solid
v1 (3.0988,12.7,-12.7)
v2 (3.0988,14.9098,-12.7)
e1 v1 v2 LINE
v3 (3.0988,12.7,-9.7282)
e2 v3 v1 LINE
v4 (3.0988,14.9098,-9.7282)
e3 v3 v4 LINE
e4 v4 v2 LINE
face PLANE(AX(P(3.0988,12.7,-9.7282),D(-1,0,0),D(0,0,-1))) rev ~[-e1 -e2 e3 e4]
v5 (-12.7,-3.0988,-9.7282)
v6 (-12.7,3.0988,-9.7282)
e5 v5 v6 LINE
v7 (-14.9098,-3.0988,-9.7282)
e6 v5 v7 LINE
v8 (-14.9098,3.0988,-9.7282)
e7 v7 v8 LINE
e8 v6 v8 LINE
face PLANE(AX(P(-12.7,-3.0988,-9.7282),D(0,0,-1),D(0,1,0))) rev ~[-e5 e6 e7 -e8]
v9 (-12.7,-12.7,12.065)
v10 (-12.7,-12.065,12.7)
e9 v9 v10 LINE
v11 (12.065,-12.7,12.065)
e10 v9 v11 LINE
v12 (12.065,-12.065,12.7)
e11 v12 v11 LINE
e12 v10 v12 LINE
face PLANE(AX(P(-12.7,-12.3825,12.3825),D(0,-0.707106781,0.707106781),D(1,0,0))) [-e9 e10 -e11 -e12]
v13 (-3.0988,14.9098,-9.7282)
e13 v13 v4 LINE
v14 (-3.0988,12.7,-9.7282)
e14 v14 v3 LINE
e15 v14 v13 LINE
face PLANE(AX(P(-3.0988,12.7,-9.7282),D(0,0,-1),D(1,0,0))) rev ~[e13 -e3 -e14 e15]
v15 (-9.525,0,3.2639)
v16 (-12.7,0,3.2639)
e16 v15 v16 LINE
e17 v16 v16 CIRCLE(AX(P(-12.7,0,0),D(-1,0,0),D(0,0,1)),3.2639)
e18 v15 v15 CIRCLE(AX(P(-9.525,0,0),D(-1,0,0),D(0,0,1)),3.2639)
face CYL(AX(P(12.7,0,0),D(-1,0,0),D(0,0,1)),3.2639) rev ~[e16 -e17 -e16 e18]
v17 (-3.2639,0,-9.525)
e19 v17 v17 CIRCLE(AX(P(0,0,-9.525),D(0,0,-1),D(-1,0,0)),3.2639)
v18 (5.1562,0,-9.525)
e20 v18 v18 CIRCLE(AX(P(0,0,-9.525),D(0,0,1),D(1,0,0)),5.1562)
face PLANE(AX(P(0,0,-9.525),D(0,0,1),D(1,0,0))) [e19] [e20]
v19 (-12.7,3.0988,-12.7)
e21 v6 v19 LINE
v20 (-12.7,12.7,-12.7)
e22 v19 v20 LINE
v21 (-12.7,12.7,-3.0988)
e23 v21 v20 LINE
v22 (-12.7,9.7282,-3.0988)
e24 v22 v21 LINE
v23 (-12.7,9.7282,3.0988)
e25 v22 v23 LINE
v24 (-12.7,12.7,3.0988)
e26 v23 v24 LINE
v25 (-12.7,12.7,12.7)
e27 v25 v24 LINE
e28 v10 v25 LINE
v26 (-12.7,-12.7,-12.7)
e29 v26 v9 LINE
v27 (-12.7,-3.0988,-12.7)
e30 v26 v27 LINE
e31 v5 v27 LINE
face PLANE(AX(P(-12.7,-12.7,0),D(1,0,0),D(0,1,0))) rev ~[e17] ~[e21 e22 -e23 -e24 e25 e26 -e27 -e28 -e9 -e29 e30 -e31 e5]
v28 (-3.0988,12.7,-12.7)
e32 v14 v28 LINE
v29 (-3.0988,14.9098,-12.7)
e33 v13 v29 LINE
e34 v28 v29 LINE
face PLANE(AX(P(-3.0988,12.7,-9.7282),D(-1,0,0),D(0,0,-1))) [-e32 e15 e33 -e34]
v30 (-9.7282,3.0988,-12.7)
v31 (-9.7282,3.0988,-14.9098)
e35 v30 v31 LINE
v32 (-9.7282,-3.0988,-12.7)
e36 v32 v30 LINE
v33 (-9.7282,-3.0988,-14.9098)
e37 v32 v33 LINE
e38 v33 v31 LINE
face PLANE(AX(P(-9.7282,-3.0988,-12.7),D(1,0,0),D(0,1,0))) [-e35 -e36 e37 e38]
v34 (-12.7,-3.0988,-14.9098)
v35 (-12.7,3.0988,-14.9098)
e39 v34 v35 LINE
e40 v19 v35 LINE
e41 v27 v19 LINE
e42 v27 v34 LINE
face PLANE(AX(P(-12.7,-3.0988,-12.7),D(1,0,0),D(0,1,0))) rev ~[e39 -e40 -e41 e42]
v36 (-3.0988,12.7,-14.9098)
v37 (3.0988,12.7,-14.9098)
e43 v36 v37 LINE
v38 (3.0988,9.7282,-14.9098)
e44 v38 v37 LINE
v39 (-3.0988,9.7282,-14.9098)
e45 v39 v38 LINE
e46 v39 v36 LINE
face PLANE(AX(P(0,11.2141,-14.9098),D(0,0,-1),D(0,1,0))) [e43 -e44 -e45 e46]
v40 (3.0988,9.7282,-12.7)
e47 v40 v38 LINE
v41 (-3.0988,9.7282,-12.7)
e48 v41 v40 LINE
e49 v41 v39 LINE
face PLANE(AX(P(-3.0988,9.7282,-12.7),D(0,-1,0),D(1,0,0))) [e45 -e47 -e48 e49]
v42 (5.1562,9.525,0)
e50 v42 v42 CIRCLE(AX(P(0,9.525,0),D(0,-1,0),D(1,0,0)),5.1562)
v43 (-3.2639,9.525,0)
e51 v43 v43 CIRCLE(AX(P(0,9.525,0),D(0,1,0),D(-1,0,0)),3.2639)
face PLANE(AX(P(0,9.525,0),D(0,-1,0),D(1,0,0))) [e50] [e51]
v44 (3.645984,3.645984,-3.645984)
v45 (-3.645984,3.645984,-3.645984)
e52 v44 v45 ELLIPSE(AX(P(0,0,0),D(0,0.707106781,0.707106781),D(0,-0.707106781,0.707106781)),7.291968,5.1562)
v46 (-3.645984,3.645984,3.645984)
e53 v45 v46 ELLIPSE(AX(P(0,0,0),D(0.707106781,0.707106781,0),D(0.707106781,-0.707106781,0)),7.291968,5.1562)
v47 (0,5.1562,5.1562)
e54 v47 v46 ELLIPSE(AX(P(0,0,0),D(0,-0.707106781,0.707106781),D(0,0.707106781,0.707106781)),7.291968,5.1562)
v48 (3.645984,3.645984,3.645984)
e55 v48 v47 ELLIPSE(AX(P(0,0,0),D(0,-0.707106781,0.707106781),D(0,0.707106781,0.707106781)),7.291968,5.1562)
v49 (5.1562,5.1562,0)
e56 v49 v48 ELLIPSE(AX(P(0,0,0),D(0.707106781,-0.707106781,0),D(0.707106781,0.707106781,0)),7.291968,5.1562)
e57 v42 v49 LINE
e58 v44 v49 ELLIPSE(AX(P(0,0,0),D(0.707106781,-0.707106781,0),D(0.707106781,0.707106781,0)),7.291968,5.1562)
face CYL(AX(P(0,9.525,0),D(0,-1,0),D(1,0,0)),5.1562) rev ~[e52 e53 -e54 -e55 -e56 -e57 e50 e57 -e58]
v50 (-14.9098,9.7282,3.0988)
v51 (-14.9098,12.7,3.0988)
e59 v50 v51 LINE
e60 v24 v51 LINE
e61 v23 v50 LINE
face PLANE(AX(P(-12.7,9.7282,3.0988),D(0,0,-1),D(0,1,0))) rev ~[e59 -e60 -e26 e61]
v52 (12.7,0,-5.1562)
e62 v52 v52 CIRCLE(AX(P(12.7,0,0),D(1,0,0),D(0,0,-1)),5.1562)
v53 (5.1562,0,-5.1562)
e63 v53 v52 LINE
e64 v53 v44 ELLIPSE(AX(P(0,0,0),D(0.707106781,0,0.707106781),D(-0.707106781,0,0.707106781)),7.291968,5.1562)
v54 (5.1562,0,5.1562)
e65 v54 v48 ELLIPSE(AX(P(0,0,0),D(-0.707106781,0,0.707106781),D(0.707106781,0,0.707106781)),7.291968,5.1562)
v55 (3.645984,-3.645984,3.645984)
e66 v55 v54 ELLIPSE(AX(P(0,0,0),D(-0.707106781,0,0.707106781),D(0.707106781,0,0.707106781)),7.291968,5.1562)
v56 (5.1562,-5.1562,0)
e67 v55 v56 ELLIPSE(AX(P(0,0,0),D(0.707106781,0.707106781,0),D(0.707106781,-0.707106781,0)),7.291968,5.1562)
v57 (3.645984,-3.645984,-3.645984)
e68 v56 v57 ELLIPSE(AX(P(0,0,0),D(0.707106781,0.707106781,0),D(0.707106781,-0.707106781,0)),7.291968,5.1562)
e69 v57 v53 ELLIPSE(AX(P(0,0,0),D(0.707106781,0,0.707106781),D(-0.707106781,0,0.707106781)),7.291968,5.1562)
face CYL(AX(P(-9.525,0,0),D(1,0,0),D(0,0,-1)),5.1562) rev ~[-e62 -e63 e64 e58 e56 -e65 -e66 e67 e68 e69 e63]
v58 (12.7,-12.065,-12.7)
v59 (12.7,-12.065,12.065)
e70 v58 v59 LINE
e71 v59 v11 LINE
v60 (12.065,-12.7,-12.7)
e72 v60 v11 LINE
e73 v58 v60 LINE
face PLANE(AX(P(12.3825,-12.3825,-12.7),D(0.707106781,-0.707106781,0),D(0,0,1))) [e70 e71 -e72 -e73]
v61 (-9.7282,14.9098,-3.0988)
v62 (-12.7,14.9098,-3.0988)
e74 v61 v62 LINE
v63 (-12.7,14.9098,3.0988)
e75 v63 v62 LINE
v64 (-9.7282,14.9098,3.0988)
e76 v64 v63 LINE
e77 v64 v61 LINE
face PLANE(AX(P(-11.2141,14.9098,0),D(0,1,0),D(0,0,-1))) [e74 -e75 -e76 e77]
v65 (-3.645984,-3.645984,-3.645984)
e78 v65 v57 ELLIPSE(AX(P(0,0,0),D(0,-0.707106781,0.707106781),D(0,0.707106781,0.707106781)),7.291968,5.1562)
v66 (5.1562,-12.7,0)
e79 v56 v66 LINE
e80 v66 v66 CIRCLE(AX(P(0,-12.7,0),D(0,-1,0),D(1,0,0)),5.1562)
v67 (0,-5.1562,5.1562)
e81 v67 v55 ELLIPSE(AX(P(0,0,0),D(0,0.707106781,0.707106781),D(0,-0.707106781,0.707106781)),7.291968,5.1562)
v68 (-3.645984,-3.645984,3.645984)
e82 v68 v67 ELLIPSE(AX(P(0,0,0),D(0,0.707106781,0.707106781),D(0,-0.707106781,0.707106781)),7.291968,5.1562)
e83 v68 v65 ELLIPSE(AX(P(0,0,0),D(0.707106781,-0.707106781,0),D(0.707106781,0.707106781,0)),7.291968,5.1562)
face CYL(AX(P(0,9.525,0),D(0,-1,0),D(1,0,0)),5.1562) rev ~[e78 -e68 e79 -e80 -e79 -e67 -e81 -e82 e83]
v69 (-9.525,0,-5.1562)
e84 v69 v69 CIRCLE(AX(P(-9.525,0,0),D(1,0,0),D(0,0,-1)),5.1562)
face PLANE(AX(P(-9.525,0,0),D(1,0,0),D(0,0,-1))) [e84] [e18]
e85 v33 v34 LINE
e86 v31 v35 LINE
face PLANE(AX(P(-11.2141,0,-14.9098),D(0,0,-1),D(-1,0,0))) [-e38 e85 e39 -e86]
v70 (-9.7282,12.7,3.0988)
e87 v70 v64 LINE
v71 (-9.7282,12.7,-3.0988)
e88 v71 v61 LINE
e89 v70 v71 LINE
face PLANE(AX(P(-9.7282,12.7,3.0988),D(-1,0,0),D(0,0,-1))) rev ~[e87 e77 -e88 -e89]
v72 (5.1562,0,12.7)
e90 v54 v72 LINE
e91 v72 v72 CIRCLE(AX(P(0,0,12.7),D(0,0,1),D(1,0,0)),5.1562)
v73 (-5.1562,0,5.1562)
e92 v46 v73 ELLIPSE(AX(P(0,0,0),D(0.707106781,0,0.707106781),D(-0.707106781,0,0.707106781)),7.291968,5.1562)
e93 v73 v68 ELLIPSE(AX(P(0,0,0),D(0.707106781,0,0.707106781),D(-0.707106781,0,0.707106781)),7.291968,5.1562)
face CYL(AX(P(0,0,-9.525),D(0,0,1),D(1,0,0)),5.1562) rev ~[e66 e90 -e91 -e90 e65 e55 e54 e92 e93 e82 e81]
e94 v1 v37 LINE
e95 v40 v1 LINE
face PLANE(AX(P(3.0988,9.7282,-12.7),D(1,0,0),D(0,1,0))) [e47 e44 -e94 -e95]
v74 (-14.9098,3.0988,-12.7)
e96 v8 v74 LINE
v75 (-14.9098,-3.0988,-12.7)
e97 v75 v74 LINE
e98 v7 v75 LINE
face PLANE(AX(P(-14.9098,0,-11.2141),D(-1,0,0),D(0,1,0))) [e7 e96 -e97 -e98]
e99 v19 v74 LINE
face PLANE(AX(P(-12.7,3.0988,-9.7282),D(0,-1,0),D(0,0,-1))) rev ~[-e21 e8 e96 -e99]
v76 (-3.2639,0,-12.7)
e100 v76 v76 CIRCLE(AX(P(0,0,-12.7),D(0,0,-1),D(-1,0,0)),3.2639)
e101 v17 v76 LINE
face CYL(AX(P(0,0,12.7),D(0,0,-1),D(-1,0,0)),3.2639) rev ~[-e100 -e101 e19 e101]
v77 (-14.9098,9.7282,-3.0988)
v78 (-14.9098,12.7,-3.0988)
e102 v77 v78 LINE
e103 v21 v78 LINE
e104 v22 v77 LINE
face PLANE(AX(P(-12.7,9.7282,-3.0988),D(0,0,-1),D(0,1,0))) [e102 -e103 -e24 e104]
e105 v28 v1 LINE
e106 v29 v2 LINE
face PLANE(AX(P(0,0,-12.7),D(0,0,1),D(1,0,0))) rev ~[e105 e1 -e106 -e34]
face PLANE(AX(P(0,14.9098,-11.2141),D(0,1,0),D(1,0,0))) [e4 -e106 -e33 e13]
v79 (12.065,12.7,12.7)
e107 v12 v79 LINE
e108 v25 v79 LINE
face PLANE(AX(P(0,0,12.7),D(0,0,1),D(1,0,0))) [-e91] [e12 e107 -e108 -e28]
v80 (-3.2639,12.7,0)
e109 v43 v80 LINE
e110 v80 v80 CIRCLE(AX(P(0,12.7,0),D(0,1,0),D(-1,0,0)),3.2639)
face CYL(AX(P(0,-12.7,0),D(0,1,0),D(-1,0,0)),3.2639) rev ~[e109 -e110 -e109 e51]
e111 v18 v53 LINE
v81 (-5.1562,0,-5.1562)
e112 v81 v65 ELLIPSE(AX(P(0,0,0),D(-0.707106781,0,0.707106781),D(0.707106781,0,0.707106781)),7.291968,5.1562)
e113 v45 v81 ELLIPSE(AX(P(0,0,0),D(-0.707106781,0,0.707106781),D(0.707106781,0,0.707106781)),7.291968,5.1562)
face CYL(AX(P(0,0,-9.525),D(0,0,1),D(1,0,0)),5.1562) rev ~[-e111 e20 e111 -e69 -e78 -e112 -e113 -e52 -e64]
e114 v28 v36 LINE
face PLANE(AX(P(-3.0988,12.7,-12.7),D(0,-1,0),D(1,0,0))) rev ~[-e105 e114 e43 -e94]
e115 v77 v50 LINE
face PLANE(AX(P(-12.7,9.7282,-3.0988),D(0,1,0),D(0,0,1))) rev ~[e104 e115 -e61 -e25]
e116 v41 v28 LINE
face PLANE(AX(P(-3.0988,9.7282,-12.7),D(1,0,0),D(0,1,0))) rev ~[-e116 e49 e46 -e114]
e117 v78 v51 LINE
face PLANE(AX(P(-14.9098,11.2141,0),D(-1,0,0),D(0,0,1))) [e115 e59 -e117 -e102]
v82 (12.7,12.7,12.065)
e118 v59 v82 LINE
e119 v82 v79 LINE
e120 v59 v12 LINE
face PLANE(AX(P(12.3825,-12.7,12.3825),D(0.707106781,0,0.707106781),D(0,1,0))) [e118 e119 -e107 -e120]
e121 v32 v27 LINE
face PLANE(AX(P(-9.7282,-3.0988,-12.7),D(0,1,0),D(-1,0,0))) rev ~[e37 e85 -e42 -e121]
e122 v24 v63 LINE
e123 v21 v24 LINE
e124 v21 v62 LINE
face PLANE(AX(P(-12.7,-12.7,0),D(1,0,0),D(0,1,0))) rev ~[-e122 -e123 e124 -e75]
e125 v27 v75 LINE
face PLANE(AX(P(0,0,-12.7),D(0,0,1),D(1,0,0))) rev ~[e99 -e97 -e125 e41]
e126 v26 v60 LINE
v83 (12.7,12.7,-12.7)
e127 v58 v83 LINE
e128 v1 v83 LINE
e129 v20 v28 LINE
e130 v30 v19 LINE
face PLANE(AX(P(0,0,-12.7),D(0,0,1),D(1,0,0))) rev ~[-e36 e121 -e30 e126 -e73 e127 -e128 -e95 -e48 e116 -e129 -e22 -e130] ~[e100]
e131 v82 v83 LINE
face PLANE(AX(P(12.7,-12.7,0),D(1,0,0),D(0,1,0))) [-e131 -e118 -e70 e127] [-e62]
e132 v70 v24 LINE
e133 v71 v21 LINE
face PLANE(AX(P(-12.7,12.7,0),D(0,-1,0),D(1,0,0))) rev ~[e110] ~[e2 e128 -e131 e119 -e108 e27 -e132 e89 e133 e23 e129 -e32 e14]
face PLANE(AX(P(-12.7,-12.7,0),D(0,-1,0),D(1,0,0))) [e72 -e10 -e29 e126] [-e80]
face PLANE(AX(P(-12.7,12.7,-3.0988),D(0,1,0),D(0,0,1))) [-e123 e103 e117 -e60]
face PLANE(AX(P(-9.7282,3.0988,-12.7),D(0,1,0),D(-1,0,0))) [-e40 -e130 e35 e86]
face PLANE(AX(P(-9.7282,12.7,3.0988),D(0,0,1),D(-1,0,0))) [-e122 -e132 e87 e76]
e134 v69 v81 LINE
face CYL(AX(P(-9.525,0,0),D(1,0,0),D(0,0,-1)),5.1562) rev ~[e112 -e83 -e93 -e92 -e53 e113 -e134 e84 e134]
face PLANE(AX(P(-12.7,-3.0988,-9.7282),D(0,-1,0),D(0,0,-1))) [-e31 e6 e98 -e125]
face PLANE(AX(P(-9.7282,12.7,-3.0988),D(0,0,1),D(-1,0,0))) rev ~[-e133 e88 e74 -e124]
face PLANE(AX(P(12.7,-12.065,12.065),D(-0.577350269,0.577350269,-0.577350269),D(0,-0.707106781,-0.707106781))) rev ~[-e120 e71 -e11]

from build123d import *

# Parameters (mm, degrees)
SKETCH1_W           = 25.4
SKETCH1_H           = 25.4
BOSS_EXTRUDE1_DEPTH = 12.7
HOLE1_D             = 6.5278
HOLE1_DEPTH         = 100
HOLE1_CBORE_D       = 10.3124
HOLE1_CBORE_DEPTH   = 22.225
HOLE2_D             = 6.5278
HOLE2_DEPTH         = 100
HOLE2_CBORE_D       = 10.3124
HOLE2_CBORE_DEPTH   = 22.225
HOLE3_D             = 6.5278
HOLE3_DEPTH         = 100
HOLE3_CBORE_D       = 10.3124
HOLE3_CBORE_DEPTH   = 22.225
SKETCH8_W           = 6.1976
SKETCH8_H           = 2.9718
BOSS_EXTRUDE2_DEPTH = 2.2098
CIRPATTERN1_COUNT   = 2
CIRPATTERN1_ANGLE   = 270
SKETCH9_W           = 6.1976
SKETCH9_H           = 2.9718
BOSS_EXTRUDE3_DEPTH = 2.2098
CIRPATTERN2_COUNT   = 2
CIRPATTERN2_ANGLE   = 270
SKETCH10_W          = 2.9718
SKETCH10_H          = 6.1976
BOSS_EXTRUDE4_DEPTH = 2.2098
CIRPATTERN3_COUNT   = 2
CIRPATTERN3_ANGLE   = 90
CHAMFER1_SIZE       = 0.635


with BuildPart() as part:
    # Sketch1 → Boss-Extrude1 (new, symmetric)
    with BuildSketch(Plane.XY):
        Rectangle(SKETCH1_W, SKETCH1_H)
    extrude(amount=BOSS_EXTRUDE1_DEPTH, both=True)

    # Hole1
    with Locations(Plane.XY.offset(12.7)):
        with Locations((0, 0)):
            CounterBoreHole(HOLE1_D / 2, HOLE1_CBORE_D / 2, HOLE1_CBORE_DEPTH, depth=HOLE1_DEPTH)

    # Hole2
    with Locations(Plane(origin=(12.7, 0, 0), x_dir=(0, 0, -1), z_dir=(1, 0, 0))):
        with Locations((0, 0)):
            CounterBoreHole(HOLE2_D / 2, HOLE2_CBORE_D / 2, HOLE2_CBORE_DEPTH, depth=HOLE2_DEPTH)

    # Hole3
    with Locations(Plane.XZ.offset(12.7)):
        with Locations((0, 0)):
            CounterBoreHole(HOLE3_D / 2, HOLE3_CBORE_D / 2, HOLE3_CBORE_DEPTH, depth=HOLE3_DEPTH)

    # Sketch8 → Boss-Extrude2 (add)
    with BuildSketch(Plane(origin=(0, 12.7, 0), x_dir=(1, 0, 0), z_dir=(0, 1, 0))):
        with Locations((0, 11.2141)):
            Rectangle(SKETCH8_W, SKETCH8_H)
    boss_extrude2 = extrude(amount=BOSS_EXTRUDE2_DEPTH)

    # CirPattern1: Boss-Extrude2 ×2 about axis
    cirpattern1_axis = Axis((0, 0, 0), (0, -1, 0))
    for i in range(1, CIRPATTERN1_COUNT):
        add(boss_extrude2.rotate(cirpattern1_axis, i * CIRPATTERN1_ANGLE / (CIRPATTERN1_COUNT - 1)))

    # Sketch9 → Boss-Extrude3 (add)
    with BuildSketch(Plane.ZY.offset(12.7)):
        with Locations((0, 11.2141)):
            Rectangle(SKETCH9_W, SKETCH9_H)
    boss_extrude3 = extrude(amount=BOSS_EXTRUDE3_DEPTH)

    # CirPattern2: Boss-Extrude3 ×2 about axis
    cirpattern2_axis = Axis((0, 0, 0), (1, 0, 0))
    for i in range(1, CIRPATTERN2_COUNT):
        add(boss_extrude3.rotate(cirpattern2_axis, i * CIRPATTERN2_ANGLE / (CIRPATTERN2_COUNT - 1)))

    # Sketch10 → Boss-Extrude4 (add)
    with BuildSketch(Plane(origin=(0, 0, -12.7), x_dir=(-1, 0, 0), z_dir=(0, 0, -1))):
        with Locations((11.2141, 0)):
            Rectangle(SKETCH10_W, SKETCH10_H)
    boss_extrude4 = extrude(amount=BOSS_EXTRUDE4_DEPTH)

    # CirPattern3: Boss-Extrude4 ×2 about axis
    cirpattern3_axis = Axis((0, 0, 0), (0, 0, -1))
    for i in range(1, CIRPATTERN3_COUNT):
        add(boss_extrude4.rotate(cirpattern3_axis, i * CIRPATTERN3_ANGLE / (CIRPATTERN3_COUNT - 1)))

    # Chamfer1
    chamfer1_edges = [part.edges().sort_by_distance(p)[0] for p in [
        (0, -12.7, 12.7),
        (12.7, 0, 12.7),
        (12.7, -12.7, 0),
    ]]
    chamfer(chamfer1_edges, length=CHAMFER1_SIZE)


solid = part.part
